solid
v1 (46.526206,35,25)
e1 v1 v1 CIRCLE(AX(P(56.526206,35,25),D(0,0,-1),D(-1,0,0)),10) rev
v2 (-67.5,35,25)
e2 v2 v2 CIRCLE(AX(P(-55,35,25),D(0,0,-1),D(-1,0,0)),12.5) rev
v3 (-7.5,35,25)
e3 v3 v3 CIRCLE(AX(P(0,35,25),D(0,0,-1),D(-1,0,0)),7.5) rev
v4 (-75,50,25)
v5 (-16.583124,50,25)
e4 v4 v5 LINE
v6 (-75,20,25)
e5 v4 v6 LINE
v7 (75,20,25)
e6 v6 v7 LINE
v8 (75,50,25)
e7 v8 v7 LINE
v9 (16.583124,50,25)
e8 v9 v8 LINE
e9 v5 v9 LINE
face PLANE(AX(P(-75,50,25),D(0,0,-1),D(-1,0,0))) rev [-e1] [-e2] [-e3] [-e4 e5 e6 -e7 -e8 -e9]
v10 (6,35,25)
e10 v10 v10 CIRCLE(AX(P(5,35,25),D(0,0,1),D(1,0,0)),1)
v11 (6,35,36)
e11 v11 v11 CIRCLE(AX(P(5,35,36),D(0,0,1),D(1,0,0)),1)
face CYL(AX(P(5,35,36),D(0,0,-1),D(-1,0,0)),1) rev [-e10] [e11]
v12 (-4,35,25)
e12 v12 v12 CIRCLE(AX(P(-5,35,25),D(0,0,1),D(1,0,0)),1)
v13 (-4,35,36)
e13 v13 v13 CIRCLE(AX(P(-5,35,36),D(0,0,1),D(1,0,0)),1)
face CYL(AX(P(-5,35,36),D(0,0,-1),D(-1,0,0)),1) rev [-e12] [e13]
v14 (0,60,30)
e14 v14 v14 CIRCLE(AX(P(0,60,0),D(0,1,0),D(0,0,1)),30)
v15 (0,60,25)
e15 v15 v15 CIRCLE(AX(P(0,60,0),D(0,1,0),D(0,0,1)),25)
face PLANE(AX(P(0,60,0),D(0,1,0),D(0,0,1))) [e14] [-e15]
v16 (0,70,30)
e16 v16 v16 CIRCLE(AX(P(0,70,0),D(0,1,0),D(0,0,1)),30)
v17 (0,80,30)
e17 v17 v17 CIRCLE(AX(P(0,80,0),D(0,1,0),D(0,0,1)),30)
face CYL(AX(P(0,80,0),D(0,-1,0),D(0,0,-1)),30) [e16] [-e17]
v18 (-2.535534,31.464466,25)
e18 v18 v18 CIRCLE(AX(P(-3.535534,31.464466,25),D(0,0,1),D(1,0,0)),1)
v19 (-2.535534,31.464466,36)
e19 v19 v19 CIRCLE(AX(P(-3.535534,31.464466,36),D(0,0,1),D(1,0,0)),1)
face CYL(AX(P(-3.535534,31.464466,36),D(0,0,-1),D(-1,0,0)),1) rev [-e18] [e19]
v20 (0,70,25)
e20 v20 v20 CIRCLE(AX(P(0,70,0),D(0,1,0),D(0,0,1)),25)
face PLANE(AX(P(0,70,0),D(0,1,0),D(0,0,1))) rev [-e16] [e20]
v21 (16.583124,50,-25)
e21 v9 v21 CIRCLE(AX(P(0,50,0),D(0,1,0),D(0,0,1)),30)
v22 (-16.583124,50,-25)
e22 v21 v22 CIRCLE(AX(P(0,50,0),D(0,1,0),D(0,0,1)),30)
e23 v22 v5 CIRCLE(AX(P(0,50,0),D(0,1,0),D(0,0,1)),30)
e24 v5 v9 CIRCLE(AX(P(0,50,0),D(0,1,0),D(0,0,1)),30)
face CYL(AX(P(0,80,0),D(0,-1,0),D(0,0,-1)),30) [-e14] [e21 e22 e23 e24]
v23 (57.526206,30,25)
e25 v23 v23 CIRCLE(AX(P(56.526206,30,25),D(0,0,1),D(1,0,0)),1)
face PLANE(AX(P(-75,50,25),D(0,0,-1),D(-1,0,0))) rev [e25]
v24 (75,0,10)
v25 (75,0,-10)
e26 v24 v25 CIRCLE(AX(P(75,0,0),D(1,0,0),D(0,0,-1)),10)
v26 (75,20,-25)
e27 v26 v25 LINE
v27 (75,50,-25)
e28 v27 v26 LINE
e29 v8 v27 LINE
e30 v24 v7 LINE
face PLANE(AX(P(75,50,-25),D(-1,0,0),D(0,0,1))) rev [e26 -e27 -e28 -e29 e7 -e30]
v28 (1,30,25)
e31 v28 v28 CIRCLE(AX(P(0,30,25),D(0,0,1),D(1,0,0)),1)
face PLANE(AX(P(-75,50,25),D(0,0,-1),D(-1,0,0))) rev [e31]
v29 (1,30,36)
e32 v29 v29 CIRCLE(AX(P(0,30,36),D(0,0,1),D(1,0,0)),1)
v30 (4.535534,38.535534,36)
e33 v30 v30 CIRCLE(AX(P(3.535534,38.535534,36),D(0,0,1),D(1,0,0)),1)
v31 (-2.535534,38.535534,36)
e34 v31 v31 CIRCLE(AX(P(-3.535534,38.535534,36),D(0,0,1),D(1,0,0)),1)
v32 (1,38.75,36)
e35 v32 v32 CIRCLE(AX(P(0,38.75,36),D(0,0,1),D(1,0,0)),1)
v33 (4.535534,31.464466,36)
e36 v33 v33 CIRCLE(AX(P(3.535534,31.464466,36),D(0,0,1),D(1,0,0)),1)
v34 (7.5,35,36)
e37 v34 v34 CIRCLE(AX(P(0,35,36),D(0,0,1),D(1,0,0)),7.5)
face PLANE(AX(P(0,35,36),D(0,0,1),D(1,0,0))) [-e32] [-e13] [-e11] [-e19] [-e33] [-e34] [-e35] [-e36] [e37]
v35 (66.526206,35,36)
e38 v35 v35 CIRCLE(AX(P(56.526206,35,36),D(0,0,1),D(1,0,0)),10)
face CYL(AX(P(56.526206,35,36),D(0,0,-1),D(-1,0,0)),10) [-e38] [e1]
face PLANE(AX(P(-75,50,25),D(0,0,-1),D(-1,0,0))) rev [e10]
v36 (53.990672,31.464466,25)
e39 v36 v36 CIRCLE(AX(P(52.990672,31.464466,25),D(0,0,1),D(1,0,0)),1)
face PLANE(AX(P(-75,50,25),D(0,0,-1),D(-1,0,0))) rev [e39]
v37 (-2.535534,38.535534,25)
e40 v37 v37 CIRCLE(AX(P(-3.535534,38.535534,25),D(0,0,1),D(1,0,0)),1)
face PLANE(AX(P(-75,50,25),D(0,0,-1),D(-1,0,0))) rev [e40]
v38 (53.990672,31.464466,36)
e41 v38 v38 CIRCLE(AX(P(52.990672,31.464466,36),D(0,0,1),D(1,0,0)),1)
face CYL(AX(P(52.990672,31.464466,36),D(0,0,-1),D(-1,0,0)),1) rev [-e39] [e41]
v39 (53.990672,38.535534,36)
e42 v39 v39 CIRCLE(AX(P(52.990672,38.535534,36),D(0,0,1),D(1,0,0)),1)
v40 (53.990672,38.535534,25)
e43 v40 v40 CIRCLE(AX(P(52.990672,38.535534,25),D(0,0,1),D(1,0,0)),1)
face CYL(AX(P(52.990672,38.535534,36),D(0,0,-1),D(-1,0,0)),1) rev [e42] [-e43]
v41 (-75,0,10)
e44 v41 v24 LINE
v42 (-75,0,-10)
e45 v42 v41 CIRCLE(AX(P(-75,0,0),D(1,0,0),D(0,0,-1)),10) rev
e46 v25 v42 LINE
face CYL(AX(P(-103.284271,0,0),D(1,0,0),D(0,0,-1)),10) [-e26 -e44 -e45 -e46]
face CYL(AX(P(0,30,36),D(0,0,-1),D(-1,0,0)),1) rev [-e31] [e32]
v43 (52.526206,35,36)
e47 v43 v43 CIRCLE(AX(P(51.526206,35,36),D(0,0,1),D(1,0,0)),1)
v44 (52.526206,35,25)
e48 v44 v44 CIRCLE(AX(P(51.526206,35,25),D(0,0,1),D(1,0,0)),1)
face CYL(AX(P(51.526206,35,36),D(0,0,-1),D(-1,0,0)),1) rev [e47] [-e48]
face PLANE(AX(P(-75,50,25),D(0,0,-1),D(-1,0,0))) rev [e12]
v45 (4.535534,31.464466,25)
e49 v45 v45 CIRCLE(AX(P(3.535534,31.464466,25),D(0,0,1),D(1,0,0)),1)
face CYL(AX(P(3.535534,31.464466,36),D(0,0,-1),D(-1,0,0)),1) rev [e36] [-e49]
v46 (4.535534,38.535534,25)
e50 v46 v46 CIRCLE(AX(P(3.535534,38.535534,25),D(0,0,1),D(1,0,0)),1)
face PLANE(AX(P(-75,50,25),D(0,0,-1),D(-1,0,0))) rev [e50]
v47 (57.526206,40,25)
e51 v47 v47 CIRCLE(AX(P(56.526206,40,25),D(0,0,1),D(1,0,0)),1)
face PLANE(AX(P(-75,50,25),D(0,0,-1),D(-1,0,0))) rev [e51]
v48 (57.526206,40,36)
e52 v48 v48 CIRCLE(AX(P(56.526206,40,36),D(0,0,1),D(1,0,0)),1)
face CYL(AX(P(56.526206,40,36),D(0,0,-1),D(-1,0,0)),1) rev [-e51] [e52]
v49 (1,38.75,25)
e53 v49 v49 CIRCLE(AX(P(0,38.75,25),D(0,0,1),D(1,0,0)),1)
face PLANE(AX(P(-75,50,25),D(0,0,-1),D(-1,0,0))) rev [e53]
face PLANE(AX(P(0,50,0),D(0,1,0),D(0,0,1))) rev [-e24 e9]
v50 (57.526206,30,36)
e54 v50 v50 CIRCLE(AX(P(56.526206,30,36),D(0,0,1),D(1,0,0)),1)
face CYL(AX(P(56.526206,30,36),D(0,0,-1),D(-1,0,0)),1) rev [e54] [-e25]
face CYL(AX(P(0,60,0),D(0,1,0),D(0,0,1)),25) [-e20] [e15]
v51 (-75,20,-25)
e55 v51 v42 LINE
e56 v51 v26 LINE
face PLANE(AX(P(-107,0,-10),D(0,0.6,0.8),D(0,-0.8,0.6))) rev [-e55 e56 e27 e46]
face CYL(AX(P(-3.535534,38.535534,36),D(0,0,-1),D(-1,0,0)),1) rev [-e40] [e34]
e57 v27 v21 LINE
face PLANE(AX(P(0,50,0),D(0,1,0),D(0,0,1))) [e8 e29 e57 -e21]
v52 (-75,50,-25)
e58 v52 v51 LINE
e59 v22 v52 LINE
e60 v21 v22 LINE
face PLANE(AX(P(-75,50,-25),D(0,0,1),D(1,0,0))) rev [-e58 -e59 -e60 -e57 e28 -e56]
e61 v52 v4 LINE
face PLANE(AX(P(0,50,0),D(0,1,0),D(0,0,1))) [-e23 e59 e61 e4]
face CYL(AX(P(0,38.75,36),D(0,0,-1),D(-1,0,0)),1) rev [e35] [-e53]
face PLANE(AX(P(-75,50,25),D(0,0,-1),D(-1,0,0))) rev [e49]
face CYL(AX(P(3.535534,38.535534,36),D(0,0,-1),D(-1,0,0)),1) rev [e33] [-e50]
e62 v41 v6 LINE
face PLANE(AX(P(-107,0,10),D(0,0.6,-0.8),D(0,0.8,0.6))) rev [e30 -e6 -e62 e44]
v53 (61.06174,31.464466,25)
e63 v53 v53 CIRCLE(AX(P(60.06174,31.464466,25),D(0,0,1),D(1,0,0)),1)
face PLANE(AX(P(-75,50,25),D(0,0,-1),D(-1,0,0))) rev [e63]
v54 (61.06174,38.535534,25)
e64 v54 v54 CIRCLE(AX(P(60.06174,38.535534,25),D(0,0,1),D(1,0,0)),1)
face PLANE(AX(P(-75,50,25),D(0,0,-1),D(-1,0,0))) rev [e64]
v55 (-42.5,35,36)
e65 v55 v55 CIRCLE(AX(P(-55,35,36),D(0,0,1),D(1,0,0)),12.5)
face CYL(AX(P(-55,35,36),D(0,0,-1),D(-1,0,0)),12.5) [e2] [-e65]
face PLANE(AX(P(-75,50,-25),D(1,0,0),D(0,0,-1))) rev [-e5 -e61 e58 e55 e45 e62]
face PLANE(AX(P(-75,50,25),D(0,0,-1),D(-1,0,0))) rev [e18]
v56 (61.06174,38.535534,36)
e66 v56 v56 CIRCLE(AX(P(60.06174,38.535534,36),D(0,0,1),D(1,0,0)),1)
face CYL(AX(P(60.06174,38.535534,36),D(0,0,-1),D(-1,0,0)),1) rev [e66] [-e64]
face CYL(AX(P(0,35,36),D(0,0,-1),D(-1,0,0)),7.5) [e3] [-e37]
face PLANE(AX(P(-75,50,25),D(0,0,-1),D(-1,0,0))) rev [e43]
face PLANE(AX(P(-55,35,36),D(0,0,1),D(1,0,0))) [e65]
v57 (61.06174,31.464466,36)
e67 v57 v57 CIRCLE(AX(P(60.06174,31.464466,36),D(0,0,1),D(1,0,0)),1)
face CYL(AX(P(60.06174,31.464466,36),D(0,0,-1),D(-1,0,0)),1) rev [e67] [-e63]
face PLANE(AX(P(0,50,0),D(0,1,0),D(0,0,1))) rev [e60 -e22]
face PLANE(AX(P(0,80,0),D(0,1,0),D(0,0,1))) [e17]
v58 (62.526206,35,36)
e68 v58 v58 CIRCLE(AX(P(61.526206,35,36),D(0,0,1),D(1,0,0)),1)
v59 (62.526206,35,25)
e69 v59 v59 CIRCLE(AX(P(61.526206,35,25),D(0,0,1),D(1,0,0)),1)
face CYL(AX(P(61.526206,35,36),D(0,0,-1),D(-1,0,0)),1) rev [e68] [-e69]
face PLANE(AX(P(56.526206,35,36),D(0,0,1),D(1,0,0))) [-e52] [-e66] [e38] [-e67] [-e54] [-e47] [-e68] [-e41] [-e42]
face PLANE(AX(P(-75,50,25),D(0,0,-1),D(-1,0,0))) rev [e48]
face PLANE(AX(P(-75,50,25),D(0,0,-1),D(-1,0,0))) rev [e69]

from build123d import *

# Parameters (mm, degrees)
SKIZZE1_W                       = 150
SKIZZE1_H                       = 50
AUFSATZ_LINEAR_AUSTRAGEN1_DEPTH = 50
SKIZZE2_R                       = 10
AUFSATZ_LINEAR_AUSTRAGEN2_DEPTH = 150
SCHNITT_LINEAR_AUSTRAGEN1_DEPTH = 182
SKIZZE4_R                       = 12.5
SKIZZE4_R_2                     = 10
SKIZZE4_R_3                     = 1
SKIZZE4_R_4                     = 7.5
AUFSATZ_LINEAR_AUSTRAGEN3_DEPTH = 11
SKIZZE5_R                       = 30
AUFSATZ_LINEAR_AUSTRAGEN4_DEPTH = 30
SCHNITT_LINEAR_START            = -20
SKIZZE6_R                       = 30
SKIZZE6_R_2                     = 25
SCHNITT_LINEAR_AUSTRAGEN3_DEPTH = 10


with BuildPart() as part:
    # Skizze1 → Aufsatz-Linear austragen1 (new body)
    with BuildSketch(Plane(origin=(0, 0, 0), x_dir=(1, 0, 0), z_dir=(0, 1, 0))):
        Rectangle(SKIZZE1_W, SKIZZE1_H)
    extrude(amount=AUFSATZ_LINEAR_AUSTRAGEN1_DEPTH)

    # Skizze2 → Aufsatz-Linear austragen2 (add)
    with BuildSketch(Plane(origin=(75, 0, 0), x_dir=(0, 0, -1), z_dir=(1, 0, 0))):
        Circle(SKIZZE2_R)
    extrude(amount=-AUFSATZ_LINEAR_AUSTRAGEN2_DEPTH)

    # Skizze3 → Schnitt-Linear austragen1 (cut)
    with BuildSketch(Plane(origin=(75, 0, 0), x_dir=(0, 0, -1), z_dir=(1, 0, 0))):
        Polygon((-10, 0), (-25, 20), (-25, 0), align=None)
        Polygon((25, 20), (25, 0), (10, 0), align=None)
    extrude(amount=-SCHNITT_LINEAR_AUSTRAGEN1_DEPTH, mode=Mode.SUBTRACT)

    # Skizze4 → Aufsatz-Linear austragen3 (add)
    # profile 1 of 3: a face of its own
    with BuildSketch(Plane.XY.offset(25)):
        with Locations(Location((-55, 35, 0), (0, 0, 180))):
            Circle(SKIZZE4_R)
    # profile 2 of 3: a face of its own
    with BuildSketch(Plane.XY.offset(25)):
        with Locations(Location((56.52620572, 35, 0), (0, 0, 180))):
            Circle(SKIZZE4_R_2)
        with Locations((56.52620572, 40)):
            Circle(SKIZZE4_R_3, mode=Mode.SUBTRACT)
        with Locations((60.061739626, 38.535533906)):
            Circle(SKIZZE4_R_3, mode=Mode.SUBTRACT)
        with Locations((61.52620572, 35)):
            Circle(SKIZZE4_R_3, mode=Mode.SUBTRACT)
        with Locations((60.061739626, 31.464466094)):
            Circle(SKIZZE4_R_3, mode=Mode.SUBTRACT)
        with Locations((56.52620572, 30)):
            Circle(SKIZZE4_R_3, mode=Mode.SUBTRACT)
        with Locations((52.990671814, 31.464466094)):
            Circle(SKIZZE4_R_3, mode=Mode.SUBTRACT)
        with Locations((51.52620572, 35)):
            Circle(SKIZZE4_R_3, mode=Mode.SUBTRACT)
        with Locations((52.990671814, 38.535533906)):
            Circle(SKIZZE4_R_3, mode=Mode.SUBTRACT)
    # profile 3 of 3: a face of its own
    with BuildSketch(Plane.XY.offset(25)):
        with Locations(Location((0, 35, 0), (0, 0, 180))):
            Circle(SKIZZE4_R_4)
        with Locations((0, 38.75)):
            Circle(SKIZZE4_R_3, mode=Mode.SUBTRACT)
        with Locations((3.535533906, 38.535533906)):
            Circle(SKIZZE4_R_3, mode=Mode.SUBTRACT)
        with Locations((5, 35)):
            Circle(SKIZZE4_R_3, mode=Mode.SUBTRACT)
        with Locations((3.535533906, 31.464466094)):
            Circle(SKIZZE4_R_3, mode=Mode.SUBTRACT)
        with Locations((0, 30)):
            Circle(SKIZZE4_R_3, mode=Mode.SUBTRACT)
        with Locations((-3.535533906, 31.464466094)):
            Circle(SKIZZE4_R_3, mode=Mode.SUBTRACT)
        with Locations((-5, 35)):
            Circle(SKIZZE4_R_3, mode=Mode.SUBTRACT)
        with Locations((-3.535533906, 38.535533906)):
            Circle(SKIZZE4_R_3, mode=Mode.SUBTRACT)
    extrude(amount=AUFSATZ_LINEAR_AUSTRAGEN3_DEPTH)

    # Skizze5 → Aufsatz-Linear austragen4 (add)
    with BuildSketch(Plane(origin=(0, 50, 0), x_dir=(1, 0, 0), z_dir=(0, 1, 0))):
        with Locations(Location((0, 0, 0), (0, 0, 56.442690238))):
            Circle(SKIZZE5_R)
    extrude(amount=AUFSATZ_LINEAR_AUSTRAGEN4_DEPTH)

    # Skizze6 → Schnitt-Linear austragen3 (cut)
    with BuildSketch(Plane(origin=(0, 80, 0), x_dir=(1, 0, 0), z_dir=(0, 1, 0)).offset(SCHNITT_LINEAR_START)):
        with Locations(Location((0, 0, 0), (0, 0, 56.442690238))):
            Circle(SKIZZE6_R)
        with Locations(Location((0, 0, 0), (0, 0, 270))):
            Circle(SKIZZE6_R_2, mode=Mode.SUBTRACT)
    extrude(amount=SCHNITT_LINEAR_AUSTRAGEN3_DEPTH, mode=Mode.SUBTRACT)


solid = part.part
